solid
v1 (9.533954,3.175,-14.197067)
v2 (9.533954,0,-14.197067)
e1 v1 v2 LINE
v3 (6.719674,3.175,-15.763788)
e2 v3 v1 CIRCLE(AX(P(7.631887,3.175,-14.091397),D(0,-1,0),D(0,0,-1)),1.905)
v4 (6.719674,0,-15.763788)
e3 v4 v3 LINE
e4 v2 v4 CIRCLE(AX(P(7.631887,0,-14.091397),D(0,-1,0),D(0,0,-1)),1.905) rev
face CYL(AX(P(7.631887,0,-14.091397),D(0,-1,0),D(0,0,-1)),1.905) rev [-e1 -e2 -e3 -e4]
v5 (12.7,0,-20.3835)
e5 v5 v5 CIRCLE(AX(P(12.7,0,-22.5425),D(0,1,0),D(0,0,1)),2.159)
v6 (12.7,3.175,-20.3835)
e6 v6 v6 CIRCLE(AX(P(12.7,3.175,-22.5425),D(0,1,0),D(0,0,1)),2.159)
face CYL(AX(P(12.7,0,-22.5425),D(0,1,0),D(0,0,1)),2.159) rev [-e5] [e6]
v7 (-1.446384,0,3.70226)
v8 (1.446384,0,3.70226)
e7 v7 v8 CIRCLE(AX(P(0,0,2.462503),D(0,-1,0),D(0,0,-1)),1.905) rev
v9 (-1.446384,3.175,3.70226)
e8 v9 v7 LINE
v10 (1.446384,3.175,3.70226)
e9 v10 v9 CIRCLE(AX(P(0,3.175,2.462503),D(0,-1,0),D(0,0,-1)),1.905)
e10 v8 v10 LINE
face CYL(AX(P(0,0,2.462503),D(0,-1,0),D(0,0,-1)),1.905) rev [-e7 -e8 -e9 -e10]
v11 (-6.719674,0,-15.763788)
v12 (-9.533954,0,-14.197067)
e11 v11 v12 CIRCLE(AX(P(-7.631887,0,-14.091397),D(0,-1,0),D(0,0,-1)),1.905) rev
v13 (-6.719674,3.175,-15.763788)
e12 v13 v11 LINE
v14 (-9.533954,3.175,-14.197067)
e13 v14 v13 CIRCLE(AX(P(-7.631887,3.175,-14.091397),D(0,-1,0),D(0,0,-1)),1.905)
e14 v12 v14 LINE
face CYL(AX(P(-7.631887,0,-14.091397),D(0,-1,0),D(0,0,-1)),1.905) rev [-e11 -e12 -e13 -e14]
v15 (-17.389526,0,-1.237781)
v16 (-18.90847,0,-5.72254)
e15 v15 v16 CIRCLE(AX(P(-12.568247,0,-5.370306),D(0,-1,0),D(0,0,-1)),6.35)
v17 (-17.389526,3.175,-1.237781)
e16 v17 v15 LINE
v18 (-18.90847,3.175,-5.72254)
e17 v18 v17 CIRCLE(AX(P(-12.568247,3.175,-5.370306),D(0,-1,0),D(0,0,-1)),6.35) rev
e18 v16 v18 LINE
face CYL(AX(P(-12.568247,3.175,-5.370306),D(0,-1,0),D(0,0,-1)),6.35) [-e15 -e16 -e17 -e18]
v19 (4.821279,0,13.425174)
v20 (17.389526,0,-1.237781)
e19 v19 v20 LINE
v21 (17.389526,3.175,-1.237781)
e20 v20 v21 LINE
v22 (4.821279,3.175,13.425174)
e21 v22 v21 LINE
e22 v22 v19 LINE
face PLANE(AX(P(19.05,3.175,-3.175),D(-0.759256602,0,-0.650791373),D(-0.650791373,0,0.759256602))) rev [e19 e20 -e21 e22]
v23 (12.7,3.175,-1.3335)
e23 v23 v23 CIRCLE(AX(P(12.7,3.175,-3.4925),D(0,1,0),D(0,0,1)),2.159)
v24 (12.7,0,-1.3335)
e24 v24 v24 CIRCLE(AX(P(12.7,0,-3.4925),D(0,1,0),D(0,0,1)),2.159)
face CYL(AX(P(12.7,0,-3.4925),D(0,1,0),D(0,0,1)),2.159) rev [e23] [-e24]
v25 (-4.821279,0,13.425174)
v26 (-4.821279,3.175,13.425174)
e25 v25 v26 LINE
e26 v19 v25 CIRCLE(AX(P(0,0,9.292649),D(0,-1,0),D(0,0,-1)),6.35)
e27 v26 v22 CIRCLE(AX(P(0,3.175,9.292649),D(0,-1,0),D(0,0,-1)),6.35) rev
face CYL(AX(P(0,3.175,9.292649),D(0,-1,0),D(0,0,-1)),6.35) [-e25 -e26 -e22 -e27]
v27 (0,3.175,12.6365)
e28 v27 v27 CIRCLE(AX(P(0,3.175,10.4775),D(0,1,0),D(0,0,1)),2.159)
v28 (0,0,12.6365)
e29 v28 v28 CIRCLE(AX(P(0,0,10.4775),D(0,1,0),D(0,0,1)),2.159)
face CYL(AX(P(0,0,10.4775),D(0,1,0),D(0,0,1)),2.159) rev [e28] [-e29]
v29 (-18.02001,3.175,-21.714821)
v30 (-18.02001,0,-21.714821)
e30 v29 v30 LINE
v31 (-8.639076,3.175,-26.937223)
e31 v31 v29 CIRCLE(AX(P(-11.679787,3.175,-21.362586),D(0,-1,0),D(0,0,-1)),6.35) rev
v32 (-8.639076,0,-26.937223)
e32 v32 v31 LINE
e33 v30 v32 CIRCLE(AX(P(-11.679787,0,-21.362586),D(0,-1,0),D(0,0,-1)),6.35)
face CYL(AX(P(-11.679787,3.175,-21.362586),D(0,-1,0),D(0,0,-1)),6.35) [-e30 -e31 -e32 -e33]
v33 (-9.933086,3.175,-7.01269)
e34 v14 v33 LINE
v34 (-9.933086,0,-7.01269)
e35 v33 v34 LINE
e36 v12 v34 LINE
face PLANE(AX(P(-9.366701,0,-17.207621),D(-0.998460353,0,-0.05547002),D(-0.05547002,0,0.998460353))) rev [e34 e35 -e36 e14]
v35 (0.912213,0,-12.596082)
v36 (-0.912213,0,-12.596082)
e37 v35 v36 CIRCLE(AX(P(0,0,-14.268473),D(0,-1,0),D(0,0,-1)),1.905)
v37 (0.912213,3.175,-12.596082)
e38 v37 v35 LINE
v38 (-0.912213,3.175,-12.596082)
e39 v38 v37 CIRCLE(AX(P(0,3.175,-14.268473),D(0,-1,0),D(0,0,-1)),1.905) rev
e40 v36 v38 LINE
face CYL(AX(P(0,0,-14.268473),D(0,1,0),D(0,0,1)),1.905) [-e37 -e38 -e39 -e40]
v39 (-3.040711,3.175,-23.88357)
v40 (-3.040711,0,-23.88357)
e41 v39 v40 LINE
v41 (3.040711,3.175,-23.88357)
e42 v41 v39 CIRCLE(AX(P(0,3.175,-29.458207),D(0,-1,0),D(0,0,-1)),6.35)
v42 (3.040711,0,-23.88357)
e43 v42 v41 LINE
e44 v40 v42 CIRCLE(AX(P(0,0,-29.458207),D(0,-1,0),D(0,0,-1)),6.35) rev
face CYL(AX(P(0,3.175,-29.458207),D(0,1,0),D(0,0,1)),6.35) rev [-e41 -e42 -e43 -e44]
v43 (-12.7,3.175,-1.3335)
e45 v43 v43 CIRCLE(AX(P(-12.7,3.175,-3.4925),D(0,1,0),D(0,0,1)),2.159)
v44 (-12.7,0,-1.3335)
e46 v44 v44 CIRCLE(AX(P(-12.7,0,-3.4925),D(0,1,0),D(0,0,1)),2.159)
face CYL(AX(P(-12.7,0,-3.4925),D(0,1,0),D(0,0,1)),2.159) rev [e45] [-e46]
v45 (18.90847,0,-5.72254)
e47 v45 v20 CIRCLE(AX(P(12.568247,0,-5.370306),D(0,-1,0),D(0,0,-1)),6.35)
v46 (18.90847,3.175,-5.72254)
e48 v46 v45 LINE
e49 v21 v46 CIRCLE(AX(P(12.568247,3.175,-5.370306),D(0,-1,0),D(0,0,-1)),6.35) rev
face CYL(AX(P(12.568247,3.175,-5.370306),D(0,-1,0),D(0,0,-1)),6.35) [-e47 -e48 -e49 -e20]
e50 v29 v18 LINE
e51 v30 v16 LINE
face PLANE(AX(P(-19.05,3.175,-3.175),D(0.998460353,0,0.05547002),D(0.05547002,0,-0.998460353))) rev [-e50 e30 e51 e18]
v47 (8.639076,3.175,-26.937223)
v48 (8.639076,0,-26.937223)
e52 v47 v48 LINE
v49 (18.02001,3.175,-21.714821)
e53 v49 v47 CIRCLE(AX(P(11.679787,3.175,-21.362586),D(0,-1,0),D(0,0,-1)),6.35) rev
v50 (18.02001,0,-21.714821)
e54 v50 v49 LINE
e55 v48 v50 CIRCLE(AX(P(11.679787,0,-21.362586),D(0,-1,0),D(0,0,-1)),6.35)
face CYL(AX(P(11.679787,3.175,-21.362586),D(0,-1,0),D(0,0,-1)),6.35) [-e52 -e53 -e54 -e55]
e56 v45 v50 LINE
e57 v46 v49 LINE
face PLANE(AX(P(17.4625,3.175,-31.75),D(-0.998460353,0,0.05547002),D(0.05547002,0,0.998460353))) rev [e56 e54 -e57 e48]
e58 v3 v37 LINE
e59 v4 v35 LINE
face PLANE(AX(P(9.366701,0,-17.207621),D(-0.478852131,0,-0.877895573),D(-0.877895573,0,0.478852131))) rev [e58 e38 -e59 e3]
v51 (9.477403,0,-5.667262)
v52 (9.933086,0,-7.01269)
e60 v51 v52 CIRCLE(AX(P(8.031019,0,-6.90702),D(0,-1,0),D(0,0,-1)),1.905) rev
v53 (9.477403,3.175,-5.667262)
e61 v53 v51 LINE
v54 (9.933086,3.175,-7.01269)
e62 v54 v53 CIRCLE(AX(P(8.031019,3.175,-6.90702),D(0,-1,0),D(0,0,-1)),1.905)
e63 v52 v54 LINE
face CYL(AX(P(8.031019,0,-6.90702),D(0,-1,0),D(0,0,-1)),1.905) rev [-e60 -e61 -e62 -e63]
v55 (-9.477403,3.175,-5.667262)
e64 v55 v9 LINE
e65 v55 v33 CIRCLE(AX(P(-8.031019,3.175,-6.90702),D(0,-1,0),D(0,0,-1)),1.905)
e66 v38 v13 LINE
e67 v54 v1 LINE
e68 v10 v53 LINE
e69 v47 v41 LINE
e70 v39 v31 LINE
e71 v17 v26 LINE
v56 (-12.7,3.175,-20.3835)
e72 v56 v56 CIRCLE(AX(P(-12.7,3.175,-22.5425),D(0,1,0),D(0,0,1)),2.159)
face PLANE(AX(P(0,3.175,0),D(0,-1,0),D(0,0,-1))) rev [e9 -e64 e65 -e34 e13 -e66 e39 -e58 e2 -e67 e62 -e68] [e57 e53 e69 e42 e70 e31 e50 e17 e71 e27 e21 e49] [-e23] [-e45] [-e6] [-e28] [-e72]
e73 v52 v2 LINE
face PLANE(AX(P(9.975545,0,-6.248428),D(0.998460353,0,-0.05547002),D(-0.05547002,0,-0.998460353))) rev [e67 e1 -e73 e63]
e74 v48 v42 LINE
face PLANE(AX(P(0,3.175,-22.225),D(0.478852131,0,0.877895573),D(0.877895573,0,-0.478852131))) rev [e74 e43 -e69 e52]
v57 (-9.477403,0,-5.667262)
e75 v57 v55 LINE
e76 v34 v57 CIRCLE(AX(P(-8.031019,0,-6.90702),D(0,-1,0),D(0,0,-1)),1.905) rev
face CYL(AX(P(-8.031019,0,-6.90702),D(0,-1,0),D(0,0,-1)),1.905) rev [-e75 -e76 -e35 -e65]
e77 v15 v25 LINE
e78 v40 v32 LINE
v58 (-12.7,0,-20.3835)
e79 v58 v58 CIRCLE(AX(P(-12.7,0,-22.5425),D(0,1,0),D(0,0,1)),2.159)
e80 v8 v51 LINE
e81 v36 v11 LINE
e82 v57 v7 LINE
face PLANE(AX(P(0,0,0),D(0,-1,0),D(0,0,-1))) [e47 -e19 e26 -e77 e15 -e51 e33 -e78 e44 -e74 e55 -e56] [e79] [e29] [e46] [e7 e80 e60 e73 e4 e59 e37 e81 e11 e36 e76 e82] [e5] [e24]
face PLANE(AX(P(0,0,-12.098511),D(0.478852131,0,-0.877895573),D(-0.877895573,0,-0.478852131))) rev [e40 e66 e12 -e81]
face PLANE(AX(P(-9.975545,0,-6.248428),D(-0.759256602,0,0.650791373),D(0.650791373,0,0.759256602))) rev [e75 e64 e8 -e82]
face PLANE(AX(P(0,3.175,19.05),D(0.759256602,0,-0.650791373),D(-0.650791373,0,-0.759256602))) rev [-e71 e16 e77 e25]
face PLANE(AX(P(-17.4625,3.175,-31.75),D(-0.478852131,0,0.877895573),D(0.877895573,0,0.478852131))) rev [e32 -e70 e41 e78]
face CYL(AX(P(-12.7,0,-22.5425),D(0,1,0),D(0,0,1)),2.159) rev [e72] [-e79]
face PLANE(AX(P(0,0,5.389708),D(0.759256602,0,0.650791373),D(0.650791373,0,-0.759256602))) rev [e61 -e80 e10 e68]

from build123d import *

# Parameters (mm, degrees)
BOSS_EXTRUDE1_DEPTH = 3.175
SKETCH2_R           = 2.159
CUT_EXTRUDE1_DEPTH  = 38.162422217
CUT_EXTRUDE2_DEPTH  = 38.162422217
FILLET1_R           = 6.35
FILLET2_R           = 1.905


with BuildPart() as part:
    # Sketch1 → Boss-Extrude1 (new body)
    with BuildSketch(Plane(origin=(0, 0, 0), x_dir=(1, 0, 0), z_dir=(0, 1, 0))):
        Polygon((-17.4625, 31.75), (0, 22.225), (17.4625, 31.75), (19.05, 3.175), (0, -19.05), (-19.05, 3.175), align=None)
    extrude(amount=BOSS_EXTRUDE1_DEPTH)

    # Sketch2 → Cut-Extrude1 (cut, through all)
    with BuildSketch(Plane(origin=(0, 3.175, 0), x_dir=(1, 0, 0), z_dir=(0, 1, 0))):
        with Locations(Location((0, -10.4775, 0), (0, 0, 270))):
            Circle(SKETCH2_R)
        with Locations(Location((-12.7, 3.4925, 0), (0, 0, 270))):
            Circle(SKETCH2_R)
        with Locations(Location((12.7, 3.4925, 0), (0, 0, 270))):
            Circle(SKETCH2_R)
        with Locations(Location((-12.7, 22.5425, 0), (0, 0, 270))):
            Circle(SKETCH2_R)
        with Locations(Location((12.7, 22.5425, 0), (0, 0, 270))):
            Circle(SKETCH2_R)
    extrude(amount=-CUT_EXTRUDE1_DEPTH, mode=Mode.SUBTRACT)

    # Sketch3 → Cut-Extrude2 (cut, through all)
    with BuildSketch(Plane(origin=(0, 3.175, 0), x_dir=(1, 0, 0), z_dir=(0, 1, 0))):
        Polygon((-9.366701395, 17.207620695), (-9.975545431, 6.248428041), (0, -5.389708296), (9.975545431, 6.248428041), (9.366701395, 17.207620695), (0, 12.098510843), align=None)
    extrude(amount=-CUT_EXTRUDE2_DEPTH, mode=Mode.SUBTRACT)

    # Fillet1
    fillet1_edges = [part.edges().sort_by_distance(p)[0] for p in [
        (-17.4625, 1.5875, -31.75),
        (0, 1.5875, -22.225),
        (17.4625, 1.5875, -31.75),
        (19.05, 1.5875, -3.175),
        (0, 1.5875, 19.05),
        (-19.05, 1.5875, -3.175),
    ]]
    fillet(fillet1_edges, radius=FILLET1_R)

    # Fillet2
    fillet2_edges = [part.edges().sort_by_distance(p)[0] for p in [
        (-9.366701395, 1.5875, -17.207620695),
        (0, 1.5875, -12.098510843),
        (9.366701395, 1.5875, -17.207620695),
        (9.975545431, 1.5875, -6.248428041),
        (0, 1.5875, 5.389708296),
        (-9.975545431, 1.5875, -6.248428041),
    ]]
    fillet(fillet2_edges, radius=FILLET2_R)


solid = part.part
